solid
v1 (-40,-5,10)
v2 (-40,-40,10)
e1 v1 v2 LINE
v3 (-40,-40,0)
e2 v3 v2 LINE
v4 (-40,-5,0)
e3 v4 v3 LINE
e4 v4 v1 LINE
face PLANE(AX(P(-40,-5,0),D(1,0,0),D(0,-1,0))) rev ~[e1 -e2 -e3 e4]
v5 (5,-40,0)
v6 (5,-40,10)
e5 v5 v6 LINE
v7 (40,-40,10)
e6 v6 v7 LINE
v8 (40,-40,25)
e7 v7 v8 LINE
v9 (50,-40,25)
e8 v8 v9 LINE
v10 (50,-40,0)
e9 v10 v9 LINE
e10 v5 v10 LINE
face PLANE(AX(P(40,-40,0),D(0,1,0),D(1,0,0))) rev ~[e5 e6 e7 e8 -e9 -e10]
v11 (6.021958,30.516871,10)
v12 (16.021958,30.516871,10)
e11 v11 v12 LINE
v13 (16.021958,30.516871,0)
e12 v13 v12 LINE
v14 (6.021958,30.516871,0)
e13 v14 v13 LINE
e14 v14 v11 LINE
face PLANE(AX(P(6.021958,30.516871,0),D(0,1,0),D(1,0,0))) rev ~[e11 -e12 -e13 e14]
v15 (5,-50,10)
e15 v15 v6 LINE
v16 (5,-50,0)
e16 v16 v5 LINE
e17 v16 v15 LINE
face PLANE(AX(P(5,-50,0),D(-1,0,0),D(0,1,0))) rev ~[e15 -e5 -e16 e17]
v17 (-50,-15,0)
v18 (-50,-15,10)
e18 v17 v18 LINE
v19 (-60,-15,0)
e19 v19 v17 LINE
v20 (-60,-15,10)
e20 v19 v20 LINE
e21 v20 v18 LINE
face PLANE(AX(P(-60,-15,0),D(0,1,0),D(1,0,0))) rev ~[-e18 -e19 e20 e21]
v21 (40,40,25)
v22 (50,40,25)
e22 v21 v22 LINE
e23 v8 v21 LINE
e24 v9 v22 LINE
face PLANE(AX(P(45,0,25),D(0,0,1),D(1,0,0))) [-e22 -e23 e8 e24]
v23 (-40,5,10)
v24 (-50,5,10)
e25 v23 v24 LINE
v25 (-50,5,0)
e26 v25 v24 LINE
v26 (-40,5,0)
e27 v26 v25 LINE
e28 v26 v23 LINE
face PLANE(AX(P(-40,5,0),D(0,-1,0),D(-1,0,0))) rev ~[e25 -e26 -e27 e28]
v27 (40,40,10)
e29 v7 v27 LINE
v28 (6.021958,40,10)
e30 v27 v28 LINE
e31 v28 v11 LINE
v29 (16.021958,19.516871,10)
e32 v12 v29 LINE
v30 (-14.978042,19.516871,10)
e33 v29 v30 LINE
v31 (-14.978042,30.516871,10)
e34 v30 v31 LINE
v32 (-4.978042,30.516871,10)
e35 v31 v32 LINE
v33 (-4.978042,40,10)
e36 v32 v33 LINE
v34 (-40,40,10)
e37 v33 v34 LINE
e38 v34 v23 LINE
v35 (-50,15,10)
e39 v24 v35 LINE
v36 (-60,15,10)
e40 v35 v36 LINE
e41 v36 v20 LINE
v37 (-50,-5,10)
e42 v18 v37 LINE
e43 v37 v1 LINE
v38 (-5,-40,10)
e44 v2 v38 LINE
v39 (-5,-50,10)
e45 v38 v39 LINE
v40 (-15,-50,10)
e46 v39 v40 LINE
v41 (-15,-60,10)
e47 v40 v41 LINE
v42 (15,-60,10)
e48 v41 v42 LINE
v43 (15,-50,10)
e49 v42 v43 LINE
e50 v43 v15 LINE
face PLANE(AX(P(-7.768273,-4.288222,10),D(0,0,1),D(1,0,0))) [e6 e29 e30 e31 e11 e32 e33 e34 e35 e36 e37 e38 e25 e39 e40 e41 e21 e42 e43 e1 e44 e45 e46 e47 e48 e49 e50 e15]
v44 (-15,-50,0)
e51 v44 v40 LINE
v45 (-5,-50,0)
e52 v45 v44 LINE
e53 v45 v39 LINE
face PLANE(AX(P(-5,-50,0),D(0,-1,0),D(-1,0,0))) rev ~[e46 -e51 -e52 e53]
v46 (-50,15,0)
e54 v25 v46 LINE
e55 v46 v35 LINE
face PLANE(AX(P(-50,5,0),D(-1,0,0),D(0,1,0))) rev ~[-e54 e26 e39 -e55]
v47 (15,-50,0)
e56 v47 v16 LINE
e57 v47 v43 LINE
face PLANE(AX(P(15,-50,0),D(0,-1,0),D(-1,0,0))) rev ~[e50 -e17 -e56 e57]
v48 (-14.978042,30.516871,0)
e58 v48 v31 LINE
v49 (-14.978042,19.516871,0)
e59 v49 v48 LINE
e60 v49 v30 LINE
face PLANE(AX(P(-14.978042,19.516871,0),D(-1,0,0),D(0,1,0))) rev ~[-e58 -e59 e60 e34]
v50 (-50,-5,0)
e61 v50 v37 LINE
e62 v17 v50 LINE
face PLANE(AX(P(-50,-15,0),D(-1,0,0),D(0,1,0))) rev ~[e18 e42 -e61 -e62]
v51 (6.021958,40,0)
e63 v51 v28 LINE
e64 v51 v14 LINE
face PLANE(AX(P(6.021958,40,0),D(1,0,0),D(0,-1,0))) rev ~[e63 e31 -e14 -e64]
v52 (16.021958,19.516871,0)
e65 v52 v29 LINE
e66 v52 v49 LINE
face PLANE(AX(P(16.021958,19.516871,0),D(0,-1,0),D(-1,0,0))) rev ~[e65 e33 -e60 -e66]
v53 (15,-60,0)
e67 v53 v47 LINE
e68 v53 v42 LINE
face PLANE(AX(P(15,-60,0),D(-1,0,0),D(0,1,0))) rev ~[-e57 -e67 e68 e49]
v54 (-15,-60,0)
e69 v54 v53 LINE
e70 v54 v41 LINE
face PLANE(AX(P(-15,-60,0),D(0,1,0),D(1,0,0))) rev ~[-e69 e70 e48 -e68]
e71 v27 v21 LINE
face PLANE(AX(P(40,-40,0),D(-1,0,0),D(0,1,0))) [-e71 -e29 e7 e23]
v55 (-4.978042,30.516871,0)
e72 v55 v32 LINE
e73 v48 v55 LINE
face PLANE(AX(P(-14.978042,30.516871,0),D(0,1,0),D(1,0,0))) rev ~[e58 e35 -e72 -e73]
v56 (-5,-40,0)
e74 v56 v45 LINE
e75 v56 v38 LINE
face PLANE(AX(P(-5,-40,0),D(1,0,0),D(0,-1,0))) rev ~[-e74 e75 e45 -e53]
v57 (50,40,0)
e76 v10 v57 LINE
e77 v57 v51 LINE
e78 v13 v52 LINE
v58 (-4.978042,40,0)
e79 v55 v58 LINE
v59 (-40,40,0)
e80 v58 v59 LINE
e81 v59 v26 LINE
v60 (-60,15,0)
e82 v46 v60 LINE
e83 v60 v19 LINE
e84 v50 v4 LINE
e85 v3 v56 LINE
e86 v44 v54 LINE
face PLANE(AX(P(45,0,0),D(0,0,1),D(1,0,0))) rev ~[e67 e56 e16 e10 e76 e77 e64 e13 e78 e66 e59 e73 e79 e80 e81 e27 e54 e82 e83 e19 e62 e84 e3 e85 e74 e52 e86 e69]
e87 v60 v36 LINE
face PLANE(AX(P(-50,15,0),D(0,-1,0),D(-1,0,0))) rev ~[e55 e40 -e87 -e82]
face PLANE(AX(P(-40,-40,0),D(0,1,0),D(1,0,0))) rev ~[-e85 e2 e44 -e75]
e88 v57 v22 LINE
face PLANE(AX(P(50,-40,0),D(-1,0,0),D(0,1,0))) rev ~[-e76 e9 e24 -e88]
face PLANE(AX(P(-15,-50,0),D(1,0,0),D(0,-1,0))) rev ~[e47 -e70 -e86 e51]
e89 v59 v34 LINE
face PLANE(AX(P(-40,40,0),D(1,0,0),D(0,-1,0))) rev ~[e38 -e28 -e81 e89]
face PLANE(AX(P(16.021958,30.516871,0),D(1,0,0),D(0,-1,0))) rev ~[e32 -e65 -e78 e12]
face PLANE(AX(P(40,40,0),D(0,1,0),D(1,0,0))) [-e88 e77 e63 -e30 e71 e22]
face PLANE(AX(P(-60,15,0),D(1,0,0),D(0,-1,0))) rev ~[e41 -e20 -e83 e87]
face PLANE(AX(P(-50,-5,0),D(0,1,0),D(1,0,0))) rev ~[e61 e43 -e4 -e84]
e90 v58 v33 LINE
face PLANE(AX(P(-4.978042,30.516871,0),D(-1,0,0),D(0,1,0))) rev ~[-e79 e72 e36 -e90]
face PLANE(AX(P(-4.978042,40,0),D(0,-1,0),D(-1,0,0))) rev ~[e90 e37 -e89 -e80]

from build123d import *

# Parameters (mm, degrees)
F1_DEPTH = 10
F0_W     = 10
F0_H     = 80
F2_DEPTH = 25


with BuildPart() as f1:
    # F0 (on Top) → F1 (new body)
    with BuildSketch(Plane.XY):
        Polygon((-4.978042, 40), (-40, 40), (-40, 5), (-50, 5), (-50, 15), (-60, 15), (-60, -15), (-50, -15), (-50, -5), (-40, -5), (-40, -40), (-5, -40), (-5, -50), (-15, -50), (-15, -60), (15, -60), (15, -50), (5, -50), (5, -40), (40, -40), (40, 40), (6.021958, 40), (6.021958, 30.516871), (16.021958, 30.516871), (16.021958, 19.516871), (-14.978042, 19.516871), (-14.978042, 30.516871), (-4.978042, 30.516871), align=None)
    extrude(amount=F1_DEPTH)

    # F0 (on Top) → F2 (join)
    with BuildSketch(Plane.XY):
        with Locations((45, 0)):
            Rectangle(F0_W, F0_H)
    extrude(amount=F2_DEPTH)


solid = f1.part
